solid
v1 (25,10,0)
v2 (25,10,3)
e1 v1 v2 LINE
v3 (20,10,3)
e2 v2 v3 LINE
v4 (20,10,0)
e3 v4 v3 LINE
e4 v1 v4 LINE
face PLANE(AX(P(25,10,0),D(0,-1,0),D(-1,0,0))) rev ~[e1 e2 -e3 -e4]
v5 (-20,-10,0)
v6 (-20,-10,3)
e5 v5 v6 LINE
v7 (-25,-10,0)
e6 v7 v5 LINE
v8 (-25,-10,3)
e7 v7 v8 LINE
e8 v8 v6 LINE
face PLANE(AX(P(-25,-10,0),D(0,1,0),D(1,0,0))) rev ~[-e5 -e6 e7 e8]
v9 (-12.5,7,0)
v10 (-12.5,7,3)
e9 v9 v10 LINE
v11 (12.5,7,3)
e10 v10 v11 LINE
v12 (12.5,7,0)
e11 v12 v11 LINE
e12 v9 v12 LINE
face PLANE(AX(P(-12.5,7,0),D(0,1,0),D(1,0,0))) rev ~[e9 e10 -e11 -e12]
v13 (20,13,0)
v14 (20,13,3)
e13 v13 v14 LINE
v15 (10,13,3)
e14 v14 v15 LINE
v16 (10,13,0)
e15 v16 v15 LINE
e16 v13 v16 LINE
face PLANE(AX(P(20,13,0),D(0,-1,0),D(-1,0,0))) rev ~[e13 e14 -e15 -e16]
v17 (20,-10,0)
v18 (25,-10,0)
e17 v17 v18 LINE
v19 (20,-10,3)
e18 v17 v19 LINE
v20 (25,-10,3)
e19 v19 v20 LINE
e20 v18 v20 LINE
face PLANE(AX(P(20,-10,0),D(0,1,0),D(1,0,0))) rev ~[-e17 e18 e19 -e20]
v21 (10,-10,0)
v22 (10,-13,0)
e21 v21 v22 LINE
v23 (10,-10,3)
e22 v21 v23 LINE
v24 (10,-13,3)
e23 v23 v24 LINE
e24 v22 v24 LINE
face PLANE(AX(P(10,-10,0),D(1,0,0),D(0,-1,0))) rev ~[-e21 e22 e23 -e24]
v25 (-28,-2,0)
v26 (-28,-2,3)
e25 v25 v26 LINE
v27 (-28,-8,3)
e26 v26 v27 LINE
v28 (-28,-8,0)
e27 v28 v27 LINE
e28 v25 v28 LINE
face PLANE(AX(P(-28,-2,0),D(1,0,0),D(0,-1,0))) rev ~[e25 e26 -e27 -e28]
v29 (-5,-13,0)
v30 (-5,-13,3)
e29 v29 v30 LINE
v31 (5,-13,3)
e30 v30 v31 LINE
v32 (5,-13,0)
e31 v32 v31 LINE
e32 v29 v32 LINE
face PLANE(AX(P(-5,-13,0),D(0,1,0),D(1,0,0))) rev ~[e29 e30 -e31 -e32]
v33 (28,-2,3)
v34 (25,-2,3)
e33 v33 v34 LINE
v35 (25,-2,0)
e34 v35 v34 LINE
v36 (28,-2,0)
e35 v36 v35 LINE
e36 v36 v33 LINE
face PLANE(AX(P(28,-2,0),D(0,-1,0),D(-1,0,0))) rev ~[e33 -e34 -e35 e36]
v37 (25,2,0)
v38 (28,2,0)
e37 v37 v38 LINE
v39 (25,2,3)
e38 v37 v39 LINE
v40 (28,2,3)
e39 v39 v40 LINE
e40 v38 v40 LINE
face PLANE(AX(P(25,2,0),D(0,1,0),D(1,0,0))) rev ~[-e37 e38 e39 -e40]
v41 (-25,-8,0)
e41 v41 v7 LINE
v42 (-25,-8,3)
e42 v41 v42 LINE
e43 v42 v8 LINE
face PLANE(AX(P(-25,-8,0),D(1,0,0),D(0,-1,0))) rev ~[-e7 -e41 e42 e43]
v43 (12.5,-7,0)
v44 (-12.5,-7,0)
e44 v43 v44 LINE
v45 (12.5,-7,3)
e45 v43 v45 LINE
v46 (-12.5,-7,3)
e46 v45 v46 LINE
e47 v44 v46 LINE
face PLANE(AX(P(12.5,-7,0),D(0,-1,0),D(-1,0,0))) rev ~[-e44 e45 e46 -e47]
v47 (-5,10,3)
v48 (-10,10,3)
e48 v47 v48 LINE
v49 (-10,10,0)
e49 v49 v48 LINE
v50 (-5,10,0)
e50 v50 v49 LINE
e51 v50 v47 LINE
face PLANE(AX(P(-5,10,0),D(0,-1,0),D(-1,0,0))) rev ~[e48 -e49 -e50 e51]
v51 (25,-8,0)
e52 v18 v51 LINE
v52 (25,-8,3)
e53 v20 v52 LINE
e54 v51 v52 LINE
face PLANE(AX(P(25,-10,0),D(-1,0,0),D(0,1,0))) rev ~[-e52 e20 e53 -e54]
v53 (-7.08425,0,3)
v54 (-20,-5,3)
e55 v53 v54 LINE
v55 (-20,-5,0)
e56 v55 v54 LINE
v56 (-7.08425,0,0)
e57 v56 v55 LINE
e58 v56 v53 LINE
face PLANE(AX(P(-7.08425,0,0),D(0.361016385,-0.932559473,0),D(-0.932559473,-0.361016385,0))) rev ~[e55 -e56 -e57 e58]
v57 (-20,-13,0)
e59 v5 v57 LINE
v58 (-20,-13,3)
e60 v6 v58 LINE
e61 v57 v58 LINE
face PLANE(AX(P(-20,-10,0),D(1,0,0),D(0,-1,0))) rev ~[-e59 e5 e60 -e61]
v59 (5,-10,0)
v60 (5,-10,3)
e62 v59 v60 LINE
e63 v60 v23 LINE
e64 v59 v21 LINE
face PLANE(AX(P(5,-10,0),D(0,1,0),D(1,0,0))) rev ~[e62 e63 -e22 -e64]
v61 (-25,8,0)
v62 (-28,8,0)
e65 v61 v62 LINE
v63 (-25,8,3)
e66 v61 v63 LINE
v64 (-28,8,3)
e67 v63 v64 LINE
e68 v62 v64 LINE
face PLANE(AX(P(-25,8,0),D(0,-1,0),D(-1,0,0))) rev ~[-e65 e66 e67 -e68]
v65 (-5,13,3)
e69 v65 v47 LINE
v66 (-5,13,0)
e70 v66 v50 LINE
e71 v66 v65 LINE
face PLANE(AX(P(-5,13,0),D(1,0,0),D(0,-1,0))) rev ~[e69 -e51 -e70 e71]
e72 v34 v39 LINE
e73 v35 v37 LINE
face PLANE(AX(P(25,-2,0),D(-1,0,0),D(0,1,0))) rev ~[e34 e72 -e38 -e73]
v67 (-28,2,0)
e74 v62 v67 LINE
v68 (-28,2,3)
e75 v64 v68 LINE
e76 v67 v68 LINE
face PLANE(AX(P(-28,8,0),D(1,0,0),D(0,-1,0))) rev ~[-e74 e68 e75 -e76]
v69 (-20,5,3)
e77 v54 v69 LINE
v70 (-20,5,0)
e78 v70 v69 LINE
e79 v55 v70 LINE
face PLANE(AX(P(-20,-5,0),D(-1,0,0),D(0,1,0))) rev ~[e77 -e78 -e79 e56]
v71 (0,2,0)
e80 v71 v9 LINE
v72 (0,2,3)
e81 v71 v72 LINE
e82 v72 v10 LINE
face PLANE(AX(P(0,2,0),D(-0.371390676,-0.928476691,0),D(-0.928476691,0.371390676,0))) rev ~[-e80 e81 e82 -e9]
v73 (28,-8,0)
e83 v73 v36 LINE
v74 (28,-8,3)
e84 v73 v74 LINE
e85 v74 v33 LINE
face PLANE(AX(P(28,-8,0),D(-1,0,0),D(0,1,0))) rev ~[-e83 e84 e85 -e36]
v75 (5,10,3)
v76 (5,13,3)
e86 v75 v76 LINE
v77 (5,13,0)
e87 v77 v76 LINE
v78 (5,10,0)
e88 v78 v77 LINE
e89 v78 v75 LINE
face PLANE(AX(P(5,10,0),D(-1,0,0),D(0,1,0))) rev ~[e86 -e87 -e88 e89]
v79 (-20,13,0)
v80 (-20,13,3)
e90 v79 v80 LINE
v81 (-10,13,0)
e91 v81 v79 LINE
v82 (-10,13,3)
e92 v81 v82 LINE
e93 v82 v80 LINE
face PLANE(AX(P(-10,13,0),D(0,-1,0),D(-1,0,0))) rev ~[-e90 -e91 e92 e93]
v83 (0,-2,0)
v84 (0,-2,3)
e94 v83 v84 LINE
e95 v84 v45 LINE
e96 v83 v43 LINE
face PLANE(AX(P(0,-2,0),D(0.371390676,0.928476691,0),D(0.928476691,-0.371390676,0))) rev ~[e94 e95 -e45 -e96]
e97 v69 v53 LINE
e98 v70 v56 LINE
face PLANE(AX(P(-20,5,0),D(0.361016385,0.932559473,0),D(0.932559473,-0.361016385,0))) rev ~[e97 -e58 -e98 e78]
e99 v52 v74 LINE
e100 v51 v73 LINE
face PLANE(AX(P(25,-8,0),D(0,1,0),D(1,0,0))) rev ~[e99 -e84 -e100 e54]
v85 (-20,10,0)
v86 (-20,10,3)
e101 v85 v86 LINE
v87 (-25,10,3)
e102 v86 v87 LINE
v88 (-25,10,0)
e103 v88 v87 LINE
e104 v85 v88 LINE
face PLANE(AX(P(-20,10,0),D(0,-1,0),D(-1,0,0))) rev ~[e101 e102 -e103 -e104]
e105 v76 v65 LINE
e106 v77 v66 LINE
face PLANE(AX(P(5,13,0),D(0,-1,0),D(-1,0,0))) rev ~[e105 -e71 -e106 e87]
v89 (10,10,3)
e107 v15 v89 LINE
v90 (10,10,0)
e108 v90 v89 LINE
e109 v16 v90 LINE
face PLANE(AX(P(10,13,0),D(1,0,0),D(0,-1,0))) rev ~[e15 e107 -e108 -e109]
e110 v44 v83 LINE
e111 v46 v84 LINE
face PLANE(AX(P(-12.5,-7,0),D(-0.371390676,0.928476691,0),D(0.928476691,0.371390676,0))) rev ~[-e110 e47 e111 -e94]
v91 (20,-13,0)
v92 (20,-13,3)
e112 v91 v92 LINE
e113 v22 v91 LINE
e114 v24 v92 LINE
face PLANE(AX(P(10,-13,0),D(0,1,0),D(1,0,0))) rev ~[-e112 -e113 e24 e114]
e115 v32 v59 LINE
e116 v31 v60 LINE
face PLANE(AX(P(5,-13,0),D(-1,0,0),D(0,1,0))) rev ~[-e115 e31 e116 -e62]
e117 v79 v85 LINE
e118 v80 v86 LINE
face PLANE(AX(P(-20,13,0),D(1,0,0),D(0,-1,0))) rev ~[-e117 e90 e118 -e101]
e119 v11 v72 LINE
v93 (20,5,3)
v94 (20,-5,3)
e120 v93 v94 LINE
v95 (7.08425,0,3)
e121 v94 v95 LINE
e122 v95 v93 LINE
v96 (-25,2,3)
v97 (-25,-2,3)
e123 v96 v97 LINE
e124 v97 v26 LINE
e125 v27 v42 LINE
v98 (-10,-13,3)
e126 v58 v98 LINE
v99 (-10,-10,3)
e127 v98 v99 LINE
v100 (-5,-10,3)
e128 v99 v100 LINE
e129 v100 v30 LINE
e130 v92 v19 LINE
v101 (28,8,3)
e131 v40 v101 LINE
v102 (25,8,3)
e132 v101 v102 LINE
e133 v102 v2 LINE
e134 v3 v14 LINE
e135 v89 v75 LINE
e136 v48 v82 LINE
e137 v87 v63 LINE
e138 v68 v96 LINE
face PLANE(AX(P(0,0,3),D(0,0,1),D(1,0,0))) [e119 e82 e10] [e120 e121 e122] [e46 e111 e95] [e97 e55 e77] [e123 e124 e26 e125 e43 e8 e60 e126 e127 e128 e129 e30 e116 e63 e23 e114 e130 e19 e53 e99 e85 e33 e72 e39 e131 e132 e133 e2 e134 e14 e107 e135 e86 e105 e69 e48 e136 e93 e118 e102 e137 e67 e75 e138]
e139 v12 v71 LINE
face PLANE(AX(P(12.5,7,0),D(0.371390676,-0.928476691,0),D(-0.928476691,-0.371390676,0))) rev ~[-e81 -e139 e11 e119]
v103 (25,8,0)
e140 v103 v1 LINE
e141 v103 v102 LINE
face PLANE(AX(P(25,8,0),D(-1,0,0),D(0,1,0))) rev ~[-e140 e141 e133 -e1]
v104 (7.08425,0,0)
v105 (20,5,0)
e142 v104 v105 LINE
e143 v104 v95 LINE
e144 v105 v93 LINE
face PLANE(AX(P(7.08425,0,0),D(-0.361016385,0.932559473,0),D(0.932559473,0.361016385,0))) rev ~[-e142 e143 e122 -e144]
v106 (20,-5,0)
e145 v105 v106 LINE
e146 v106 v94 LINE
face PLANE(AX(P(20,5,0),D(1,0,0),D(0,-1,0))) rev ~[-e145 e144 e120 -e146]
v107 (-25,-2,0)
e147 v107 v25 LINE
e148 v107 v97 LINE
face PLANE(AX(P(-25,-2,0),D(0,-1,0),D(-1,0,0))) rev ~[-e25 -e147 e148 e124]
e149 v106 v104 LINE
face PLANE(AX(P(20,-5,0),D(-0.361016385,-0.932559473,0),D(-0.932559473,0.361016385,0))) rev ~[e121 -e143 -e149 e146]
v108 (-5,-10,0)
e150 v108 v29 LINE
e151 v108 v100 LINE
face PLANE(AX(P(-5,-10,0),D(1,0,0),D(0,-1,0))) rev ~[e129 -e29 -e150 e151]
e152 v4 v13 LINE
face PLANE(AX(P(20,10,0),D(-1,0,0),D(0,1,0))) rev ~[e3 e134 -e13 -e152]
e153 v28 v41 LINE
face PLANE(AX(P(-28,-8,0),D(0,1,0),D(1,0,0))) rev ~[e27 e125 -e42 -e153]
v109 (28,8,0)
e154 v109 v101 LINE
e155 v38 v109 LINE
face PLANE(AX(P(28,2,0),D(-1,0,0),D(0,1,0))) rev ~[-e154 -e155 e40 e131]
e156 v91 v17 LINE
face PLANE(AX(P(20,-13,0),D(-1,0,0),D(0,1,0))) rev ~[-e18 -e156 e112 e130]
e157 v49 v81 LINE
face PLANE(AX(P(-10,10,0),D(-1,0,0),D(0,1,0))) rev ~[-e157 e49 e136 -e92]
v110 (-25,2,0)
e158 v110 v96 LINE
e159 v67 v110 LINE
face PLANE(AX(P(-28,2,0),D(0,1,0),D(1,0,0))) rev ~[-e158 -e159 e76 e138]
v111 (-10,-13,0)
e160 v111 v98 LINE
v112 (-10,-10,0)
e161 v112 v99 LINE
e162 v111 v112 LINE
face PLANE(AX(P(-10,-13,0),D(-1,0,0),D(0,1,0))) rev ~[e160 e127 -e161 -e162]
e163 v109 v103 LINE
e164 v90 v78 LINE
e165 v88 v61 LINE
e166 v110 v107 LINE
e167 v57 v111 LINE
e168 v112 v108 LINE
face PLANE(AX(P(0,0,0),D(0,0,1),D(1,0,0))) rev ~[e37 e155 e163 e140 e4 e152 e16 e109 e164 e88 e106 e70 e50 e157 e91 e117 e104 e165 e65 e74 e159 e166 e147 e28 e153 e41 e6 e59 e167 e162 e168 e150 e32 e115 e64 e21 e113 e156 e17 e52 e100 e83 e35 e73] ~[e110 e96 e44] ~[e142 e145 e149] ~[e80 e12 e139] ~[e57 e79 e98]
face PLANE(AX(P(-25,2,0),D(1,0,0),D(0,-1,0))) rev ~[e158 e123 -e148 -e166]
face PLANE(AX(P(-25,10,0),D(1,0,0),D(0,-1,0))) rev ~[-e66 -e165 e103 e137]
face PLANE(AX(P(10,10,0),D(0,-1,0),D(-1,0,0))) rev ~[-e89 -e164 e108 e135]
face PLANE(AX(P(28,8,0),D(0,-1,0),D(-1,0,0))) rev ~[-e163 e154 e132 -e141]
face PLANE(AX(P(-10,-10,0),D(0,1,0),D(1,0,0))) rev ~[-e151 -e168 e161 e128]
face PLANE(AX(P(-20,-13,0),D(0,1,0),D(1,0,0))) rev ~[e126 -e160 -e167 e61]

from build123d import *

# Parameters (mm, degrees)
EXTRUDE_1_DEPTH = 3


with BuildPart() as part:
    # 草图1 → 凸台-拉伸1 (new body)
    with BuildSketch(Plane.XY):
        Polygon((-25, -10), (-20, -10), (-20, -13), (-10, -13), (-10, -10), (-5, -10), (-5, -13), (5, -13), (5, -10), (10, -10), (10, -13), (20, -13), (20, -10), (25, -10), (25, -8), (28, -8), (28, -2), (25, -2), (25, 2), (28, 2), (28, 8), (25, 8), (25, 10), (20, 10), (20, 13), (10, 13), (10, 10), (5, 10), (5, 13), (-5, 13), (-5, 10), (-10, 10), (-10, 13), (-20, 13), (-20, 10), (-25, 10), (-25, 8), (-28, 8), (-28, 2), (-25, 2), (-25, -2), (-28, -2), (-28, -8), (-25, -8), align=None)
        Polygon((-12.5, 7), (12.5, 7), (0, 2), align=None, mode=Mode.SUBTRACT)
        Polygon((20, 5), (20, -5), (7.08425002, 0), align=None, mode=Mode.SUBTRACT)
        Polygon((-20, 5), (-7.08425002, 0), (-20, -5), align=None, mode=Mode.SUBTRACT)
        Polygon((-12.5, -7), (0, -2), (12.5, -7), align=None, mode=Mode.SUBTRACT)
    extrude(amount=EXTRUDE_1_DEPTH)


solid = part.part
